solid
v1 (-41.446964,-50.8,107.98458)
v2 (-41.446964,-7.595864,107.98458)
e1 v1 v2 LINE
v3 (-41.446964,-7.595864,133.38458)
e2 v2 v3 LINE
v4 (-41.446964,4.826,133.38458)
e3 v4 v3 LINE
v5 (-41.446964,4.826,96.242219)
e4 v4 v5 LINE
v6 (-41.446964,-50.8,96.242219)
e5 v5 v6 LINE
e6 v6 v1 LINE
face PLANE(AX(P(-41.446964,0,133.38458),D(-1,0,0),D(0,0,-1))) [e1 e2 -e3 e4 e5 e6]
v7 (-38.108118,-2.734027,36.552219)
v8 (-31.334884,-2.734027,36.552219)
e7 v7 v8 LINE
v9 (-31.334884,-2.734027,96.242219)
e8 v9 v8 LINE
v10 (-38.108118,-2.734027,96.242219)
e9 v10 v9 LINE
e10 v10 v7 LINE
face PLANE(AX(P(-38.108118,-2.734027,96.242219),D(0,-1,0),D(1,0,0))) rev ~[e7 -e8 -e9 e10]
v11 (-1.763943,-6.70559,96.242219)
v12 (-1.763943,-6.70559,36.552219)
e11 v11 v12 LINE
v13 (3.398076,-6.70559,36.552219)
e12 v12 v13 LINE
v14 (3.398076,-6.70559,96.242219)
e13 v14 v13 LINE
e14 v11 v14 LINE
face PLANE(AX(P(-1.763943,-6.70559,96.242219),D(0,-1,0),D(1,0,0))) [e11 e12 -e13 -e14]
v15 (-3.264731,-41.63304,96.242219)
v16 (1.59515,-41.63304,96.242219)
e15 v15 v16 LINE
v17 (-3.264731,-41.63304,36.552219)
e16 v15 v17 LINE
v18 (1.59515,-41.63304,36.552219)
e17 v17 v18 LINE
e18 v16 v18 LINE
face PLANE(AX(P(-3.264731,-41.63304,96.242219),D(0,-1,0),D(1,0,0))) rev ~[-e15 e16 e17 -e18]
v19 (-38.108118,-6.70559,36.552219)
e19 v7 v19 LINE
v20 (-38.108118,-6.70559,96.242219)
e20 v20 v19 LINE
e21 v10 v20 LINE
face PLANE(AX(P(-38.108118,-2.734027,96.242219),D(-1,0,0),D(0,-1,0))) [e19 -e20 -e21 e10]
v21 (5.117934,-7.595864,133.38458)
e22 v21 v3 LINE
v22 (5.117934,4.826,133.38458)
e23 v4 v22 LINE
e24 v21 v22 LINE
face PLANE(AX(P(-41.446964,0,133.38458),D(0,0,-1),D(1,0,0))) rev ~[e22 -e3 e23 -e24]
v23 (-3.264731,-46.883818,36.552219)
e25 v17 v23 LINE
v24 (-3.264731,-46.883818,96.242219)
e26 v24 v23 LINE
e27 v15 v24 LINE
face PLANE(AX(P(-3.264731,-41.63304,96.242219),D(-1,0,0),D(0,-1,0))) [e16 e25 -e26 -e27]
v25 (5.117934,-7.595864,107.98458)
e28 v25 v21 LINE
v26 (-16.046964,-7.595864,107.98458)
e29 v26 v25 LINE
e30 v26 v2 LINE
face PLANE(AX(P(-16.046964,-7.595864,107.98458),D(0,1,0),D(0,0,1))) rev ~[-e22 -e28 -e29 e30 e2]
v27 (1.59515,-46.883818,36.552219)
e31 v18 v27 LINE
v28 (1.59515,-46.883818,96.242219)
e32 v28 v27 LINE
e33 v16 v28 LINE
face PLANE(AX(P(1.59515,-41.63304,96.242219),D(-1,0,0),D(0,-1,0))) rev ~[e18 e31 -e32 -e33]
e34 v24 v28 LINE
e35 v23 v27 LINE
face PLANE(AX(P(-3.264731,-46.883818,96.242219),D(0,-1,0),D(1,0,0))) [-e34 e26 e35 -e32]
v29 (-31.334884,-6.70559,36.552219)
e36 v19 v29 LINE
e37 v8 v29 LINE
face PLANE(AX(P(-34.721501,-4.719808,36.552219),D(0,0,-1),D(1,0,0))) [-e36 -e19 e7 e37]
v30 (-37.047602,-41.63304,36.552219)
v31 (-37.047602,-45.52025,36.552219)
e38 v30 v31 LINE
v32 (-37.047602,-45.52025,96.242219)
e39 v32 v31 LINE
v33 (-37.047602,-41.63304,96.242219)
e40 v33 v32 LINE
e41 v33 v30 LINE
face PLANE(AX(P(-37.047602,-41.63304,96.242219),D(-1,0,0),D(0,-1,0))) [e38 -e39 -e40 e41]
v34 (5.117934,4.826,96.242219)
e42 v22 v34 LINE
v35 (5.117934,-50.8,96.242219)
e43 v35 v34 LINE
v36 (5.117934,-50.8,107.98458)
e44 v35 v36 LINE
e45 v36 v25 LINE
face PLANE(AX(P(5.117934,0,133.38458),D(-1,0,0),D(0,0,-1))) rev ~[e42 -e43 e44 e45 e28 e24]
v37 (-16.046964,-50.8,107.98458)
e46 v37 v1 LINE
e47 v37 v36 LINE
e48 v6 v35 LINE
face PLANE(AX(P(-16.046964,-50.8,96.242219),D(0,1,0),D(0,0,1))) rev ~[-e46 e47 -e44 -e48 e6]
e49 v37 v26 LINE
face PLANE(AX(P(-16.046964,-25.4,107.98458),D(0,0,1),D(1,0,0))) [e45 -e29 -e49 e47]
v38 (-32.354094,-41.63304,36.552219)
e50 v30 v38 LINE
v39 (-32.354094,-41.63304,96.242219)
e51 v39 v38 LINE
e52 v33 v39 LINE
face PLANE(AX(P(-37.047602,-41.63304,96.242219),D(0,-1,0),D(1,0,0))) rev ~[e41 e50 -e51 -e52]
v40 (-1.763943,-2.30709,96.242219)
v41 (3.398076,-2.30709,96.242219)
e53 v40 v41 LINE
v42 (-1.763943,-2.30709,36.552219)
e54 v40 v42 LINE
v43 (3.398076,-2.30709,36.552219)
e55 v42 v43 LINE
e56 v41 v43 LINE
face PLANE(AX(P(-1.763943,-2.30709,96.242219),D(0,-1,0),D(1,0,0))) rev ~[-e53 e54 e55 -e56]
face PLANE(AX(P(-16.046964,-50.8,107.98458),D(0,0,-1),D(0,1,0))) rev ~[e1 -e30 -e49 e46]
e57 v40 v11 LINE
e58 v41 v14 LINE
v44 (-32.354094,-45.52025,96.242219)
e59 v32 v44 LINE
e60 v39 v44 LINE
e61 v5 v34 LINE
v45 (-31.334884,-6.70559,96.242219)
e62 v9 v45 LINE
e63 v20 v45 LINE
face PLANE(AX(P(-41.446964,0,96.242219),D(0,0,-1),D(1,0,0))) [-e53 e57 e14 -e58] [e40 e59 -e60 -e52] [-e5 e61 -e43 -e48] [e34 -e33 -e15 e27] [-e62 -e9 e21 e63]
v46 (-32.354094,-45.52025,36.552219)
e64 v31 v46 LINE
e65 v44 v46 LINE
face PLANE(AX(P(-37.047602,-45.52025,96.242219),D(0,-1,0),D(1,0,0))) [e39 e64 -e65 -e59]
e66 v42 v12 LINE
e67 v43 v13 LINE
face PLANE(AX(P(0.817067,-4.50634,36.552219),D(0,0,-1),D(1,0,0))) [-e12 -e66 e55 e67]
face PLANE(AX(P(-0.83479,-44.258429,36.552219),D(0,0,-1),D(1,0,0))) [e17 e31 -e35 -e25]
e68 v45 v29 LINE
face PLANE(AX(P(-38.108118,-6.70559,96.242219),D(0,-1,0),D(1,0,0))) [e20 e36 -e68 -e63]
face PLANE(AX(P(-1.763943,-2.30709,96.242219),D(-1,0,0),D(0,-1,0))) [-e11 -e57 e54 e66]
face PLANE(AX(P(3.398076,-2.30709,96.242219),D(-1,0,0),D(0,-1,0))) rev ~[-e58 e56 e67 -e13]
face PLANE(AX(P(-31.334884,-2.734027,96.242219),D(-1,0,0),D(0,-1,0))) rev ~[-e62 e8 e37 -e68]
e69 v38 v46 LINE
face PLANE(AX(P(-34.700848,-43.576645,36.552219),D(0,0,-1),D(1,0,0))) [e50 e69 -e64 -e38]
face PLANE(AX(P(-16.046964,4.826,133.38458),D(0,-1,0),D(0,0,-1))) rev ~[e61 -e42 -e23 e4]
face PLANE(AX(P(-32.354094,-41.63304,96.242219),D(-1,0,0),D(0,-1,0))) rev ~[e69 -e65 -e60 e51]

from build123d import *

# Parameters (mm, degrees)
F1_DEPTH  = 4.1148
F4_W      = 1.7967561726
F4_H      = 11.5752667189
F5_DEPTH  = 25.4
F3_W      = 21.1648978293
F3_H      = 11.7423608899
F6_DEPTH  = 25.4
F7_W      = 21.1648978293
F7_H      = 7.5958641246
F8_DEPTH  = 25.4
F9_DEPTH  = 25.4
F10_DEPTH = 25.4
F11_W     = 5.1620183513
F11_H     = 4.3984993827
F11_W_2   = 6.7732334137
F11_H_2   = 3.9715627208
F11_W_3   = 4.8598810099
F11_H_3   = 5.2507780492
F11_W_4   = 4.6935081482
F11_H_4   = 3.8872100413
F12_DEPTH = 59.69
F13_DEPTH = 4.826


with BuildPart() as f1:
    # F0 (on Front) → F1 (new body)
    with BuildSketch(Plane.XZ):
        Polygon((1.2734923512, 7.3978709988), (1.0500258068, 4.5483880676), (11.4485891536, 4.5483880676), (12.1993478388, 7.3978709988), align=None)
        Polygon((-2.1805709694, 3.6492620129), (1.0500258068, 4.5483880676), (1.2734923512, 7.3978709988), (-2.1805709694, 6.1951475218), align=None)
        Polygon((11.4485891536, 4.5483880676), (1.0500258068, 4.5483880676), (-2.1805709694, 3.6492620129), (-0.5589149077, 2.3352366406), (16.0257890821, 2.3352366406), align=None)
        Polygon((12.1993478388, 7.3978709988), (11.4485891536, 4.5483880676), (16.0257890821, 2.3352366406), (17.6053401083, 4.832720384), align=None)
    extrude(amount=F1_DEPTH)


with BuildPart() as f5:
    # F4 (on face) → F5 (new body)
    with BuildSketch(Plane.XZ):
        with Locations((4.1603924474, 102.1747291088)):
            Rectangle(F4_W, F4_H)
    extrude(amount=F5_DEPTH)

    # F3 (on Front) → F6 (join)
    with BuildSketch(Plane.XZ):
        with Locations((-5.4645147175, 102.1133996546)):
            Rectangle(F3_W, F3_H)
    extrude(amount=F6_DEPTH)

    # F7 (on face) → F8 (join)
    with BuildSketch(Plane.XY.offset(107.9845800996)):
        with Locations((-5.4645147175, -3.7979320623)):
            Rectangle(F7_W, F7_H)
    extrude(amount=F8_DEPTH)

    # F9 (add): a face of the model
    f9_faces = [f5.faces().sort_by_distance(p)[0] for p in [
        (-5.4645147175, -25.4, 102.1133996546),
    ]]
    extrude(f9_faces, amount=F9_DEPTH)

    # F10 (add): a face of the model
    f10_faces = [f5.faces().sort_by_distance(p)[0] for p in [
        (-16.0469636321, -20.1206151979, 106.6520580868),
    ]]
    extrude(f10_faces, amount=F10_DEPTH)

    # F11 (on face) → F12 (join)
    with BuildSketch(Plane(origin=(0, 0, 96.2422192097), x_dir=(1, 0, 0), z_dir=(0, 0, -1))):
        with Locations((0.8170665242, 4.5063399011)):
            Rectangle(F11_W, F11_H)
        with Locations((-34.7215011716, 4.719808232)):
            Rectangle(F11_W_2, F11_H_2)
        with Locations((-0.8347902913, 44.2584287375)):
            Rectangle(F11_W_3, F11_H_3)
        with Locations((-34.7008481622, 43.5766447335)):
            Rectangle(F11_W_4, F11_H_4)
    extrude(amount=F12_DEPTH)

    # F13 (add): a face of the model
    f13_faces = [f5.faces().sort_by_distance(p)[0] for p in [
        (-18.1645147175, 0, 114.8133996546),
    ]]
    extrude(f13_faces, amount=F13_DEPTH)


solid = f5.part
